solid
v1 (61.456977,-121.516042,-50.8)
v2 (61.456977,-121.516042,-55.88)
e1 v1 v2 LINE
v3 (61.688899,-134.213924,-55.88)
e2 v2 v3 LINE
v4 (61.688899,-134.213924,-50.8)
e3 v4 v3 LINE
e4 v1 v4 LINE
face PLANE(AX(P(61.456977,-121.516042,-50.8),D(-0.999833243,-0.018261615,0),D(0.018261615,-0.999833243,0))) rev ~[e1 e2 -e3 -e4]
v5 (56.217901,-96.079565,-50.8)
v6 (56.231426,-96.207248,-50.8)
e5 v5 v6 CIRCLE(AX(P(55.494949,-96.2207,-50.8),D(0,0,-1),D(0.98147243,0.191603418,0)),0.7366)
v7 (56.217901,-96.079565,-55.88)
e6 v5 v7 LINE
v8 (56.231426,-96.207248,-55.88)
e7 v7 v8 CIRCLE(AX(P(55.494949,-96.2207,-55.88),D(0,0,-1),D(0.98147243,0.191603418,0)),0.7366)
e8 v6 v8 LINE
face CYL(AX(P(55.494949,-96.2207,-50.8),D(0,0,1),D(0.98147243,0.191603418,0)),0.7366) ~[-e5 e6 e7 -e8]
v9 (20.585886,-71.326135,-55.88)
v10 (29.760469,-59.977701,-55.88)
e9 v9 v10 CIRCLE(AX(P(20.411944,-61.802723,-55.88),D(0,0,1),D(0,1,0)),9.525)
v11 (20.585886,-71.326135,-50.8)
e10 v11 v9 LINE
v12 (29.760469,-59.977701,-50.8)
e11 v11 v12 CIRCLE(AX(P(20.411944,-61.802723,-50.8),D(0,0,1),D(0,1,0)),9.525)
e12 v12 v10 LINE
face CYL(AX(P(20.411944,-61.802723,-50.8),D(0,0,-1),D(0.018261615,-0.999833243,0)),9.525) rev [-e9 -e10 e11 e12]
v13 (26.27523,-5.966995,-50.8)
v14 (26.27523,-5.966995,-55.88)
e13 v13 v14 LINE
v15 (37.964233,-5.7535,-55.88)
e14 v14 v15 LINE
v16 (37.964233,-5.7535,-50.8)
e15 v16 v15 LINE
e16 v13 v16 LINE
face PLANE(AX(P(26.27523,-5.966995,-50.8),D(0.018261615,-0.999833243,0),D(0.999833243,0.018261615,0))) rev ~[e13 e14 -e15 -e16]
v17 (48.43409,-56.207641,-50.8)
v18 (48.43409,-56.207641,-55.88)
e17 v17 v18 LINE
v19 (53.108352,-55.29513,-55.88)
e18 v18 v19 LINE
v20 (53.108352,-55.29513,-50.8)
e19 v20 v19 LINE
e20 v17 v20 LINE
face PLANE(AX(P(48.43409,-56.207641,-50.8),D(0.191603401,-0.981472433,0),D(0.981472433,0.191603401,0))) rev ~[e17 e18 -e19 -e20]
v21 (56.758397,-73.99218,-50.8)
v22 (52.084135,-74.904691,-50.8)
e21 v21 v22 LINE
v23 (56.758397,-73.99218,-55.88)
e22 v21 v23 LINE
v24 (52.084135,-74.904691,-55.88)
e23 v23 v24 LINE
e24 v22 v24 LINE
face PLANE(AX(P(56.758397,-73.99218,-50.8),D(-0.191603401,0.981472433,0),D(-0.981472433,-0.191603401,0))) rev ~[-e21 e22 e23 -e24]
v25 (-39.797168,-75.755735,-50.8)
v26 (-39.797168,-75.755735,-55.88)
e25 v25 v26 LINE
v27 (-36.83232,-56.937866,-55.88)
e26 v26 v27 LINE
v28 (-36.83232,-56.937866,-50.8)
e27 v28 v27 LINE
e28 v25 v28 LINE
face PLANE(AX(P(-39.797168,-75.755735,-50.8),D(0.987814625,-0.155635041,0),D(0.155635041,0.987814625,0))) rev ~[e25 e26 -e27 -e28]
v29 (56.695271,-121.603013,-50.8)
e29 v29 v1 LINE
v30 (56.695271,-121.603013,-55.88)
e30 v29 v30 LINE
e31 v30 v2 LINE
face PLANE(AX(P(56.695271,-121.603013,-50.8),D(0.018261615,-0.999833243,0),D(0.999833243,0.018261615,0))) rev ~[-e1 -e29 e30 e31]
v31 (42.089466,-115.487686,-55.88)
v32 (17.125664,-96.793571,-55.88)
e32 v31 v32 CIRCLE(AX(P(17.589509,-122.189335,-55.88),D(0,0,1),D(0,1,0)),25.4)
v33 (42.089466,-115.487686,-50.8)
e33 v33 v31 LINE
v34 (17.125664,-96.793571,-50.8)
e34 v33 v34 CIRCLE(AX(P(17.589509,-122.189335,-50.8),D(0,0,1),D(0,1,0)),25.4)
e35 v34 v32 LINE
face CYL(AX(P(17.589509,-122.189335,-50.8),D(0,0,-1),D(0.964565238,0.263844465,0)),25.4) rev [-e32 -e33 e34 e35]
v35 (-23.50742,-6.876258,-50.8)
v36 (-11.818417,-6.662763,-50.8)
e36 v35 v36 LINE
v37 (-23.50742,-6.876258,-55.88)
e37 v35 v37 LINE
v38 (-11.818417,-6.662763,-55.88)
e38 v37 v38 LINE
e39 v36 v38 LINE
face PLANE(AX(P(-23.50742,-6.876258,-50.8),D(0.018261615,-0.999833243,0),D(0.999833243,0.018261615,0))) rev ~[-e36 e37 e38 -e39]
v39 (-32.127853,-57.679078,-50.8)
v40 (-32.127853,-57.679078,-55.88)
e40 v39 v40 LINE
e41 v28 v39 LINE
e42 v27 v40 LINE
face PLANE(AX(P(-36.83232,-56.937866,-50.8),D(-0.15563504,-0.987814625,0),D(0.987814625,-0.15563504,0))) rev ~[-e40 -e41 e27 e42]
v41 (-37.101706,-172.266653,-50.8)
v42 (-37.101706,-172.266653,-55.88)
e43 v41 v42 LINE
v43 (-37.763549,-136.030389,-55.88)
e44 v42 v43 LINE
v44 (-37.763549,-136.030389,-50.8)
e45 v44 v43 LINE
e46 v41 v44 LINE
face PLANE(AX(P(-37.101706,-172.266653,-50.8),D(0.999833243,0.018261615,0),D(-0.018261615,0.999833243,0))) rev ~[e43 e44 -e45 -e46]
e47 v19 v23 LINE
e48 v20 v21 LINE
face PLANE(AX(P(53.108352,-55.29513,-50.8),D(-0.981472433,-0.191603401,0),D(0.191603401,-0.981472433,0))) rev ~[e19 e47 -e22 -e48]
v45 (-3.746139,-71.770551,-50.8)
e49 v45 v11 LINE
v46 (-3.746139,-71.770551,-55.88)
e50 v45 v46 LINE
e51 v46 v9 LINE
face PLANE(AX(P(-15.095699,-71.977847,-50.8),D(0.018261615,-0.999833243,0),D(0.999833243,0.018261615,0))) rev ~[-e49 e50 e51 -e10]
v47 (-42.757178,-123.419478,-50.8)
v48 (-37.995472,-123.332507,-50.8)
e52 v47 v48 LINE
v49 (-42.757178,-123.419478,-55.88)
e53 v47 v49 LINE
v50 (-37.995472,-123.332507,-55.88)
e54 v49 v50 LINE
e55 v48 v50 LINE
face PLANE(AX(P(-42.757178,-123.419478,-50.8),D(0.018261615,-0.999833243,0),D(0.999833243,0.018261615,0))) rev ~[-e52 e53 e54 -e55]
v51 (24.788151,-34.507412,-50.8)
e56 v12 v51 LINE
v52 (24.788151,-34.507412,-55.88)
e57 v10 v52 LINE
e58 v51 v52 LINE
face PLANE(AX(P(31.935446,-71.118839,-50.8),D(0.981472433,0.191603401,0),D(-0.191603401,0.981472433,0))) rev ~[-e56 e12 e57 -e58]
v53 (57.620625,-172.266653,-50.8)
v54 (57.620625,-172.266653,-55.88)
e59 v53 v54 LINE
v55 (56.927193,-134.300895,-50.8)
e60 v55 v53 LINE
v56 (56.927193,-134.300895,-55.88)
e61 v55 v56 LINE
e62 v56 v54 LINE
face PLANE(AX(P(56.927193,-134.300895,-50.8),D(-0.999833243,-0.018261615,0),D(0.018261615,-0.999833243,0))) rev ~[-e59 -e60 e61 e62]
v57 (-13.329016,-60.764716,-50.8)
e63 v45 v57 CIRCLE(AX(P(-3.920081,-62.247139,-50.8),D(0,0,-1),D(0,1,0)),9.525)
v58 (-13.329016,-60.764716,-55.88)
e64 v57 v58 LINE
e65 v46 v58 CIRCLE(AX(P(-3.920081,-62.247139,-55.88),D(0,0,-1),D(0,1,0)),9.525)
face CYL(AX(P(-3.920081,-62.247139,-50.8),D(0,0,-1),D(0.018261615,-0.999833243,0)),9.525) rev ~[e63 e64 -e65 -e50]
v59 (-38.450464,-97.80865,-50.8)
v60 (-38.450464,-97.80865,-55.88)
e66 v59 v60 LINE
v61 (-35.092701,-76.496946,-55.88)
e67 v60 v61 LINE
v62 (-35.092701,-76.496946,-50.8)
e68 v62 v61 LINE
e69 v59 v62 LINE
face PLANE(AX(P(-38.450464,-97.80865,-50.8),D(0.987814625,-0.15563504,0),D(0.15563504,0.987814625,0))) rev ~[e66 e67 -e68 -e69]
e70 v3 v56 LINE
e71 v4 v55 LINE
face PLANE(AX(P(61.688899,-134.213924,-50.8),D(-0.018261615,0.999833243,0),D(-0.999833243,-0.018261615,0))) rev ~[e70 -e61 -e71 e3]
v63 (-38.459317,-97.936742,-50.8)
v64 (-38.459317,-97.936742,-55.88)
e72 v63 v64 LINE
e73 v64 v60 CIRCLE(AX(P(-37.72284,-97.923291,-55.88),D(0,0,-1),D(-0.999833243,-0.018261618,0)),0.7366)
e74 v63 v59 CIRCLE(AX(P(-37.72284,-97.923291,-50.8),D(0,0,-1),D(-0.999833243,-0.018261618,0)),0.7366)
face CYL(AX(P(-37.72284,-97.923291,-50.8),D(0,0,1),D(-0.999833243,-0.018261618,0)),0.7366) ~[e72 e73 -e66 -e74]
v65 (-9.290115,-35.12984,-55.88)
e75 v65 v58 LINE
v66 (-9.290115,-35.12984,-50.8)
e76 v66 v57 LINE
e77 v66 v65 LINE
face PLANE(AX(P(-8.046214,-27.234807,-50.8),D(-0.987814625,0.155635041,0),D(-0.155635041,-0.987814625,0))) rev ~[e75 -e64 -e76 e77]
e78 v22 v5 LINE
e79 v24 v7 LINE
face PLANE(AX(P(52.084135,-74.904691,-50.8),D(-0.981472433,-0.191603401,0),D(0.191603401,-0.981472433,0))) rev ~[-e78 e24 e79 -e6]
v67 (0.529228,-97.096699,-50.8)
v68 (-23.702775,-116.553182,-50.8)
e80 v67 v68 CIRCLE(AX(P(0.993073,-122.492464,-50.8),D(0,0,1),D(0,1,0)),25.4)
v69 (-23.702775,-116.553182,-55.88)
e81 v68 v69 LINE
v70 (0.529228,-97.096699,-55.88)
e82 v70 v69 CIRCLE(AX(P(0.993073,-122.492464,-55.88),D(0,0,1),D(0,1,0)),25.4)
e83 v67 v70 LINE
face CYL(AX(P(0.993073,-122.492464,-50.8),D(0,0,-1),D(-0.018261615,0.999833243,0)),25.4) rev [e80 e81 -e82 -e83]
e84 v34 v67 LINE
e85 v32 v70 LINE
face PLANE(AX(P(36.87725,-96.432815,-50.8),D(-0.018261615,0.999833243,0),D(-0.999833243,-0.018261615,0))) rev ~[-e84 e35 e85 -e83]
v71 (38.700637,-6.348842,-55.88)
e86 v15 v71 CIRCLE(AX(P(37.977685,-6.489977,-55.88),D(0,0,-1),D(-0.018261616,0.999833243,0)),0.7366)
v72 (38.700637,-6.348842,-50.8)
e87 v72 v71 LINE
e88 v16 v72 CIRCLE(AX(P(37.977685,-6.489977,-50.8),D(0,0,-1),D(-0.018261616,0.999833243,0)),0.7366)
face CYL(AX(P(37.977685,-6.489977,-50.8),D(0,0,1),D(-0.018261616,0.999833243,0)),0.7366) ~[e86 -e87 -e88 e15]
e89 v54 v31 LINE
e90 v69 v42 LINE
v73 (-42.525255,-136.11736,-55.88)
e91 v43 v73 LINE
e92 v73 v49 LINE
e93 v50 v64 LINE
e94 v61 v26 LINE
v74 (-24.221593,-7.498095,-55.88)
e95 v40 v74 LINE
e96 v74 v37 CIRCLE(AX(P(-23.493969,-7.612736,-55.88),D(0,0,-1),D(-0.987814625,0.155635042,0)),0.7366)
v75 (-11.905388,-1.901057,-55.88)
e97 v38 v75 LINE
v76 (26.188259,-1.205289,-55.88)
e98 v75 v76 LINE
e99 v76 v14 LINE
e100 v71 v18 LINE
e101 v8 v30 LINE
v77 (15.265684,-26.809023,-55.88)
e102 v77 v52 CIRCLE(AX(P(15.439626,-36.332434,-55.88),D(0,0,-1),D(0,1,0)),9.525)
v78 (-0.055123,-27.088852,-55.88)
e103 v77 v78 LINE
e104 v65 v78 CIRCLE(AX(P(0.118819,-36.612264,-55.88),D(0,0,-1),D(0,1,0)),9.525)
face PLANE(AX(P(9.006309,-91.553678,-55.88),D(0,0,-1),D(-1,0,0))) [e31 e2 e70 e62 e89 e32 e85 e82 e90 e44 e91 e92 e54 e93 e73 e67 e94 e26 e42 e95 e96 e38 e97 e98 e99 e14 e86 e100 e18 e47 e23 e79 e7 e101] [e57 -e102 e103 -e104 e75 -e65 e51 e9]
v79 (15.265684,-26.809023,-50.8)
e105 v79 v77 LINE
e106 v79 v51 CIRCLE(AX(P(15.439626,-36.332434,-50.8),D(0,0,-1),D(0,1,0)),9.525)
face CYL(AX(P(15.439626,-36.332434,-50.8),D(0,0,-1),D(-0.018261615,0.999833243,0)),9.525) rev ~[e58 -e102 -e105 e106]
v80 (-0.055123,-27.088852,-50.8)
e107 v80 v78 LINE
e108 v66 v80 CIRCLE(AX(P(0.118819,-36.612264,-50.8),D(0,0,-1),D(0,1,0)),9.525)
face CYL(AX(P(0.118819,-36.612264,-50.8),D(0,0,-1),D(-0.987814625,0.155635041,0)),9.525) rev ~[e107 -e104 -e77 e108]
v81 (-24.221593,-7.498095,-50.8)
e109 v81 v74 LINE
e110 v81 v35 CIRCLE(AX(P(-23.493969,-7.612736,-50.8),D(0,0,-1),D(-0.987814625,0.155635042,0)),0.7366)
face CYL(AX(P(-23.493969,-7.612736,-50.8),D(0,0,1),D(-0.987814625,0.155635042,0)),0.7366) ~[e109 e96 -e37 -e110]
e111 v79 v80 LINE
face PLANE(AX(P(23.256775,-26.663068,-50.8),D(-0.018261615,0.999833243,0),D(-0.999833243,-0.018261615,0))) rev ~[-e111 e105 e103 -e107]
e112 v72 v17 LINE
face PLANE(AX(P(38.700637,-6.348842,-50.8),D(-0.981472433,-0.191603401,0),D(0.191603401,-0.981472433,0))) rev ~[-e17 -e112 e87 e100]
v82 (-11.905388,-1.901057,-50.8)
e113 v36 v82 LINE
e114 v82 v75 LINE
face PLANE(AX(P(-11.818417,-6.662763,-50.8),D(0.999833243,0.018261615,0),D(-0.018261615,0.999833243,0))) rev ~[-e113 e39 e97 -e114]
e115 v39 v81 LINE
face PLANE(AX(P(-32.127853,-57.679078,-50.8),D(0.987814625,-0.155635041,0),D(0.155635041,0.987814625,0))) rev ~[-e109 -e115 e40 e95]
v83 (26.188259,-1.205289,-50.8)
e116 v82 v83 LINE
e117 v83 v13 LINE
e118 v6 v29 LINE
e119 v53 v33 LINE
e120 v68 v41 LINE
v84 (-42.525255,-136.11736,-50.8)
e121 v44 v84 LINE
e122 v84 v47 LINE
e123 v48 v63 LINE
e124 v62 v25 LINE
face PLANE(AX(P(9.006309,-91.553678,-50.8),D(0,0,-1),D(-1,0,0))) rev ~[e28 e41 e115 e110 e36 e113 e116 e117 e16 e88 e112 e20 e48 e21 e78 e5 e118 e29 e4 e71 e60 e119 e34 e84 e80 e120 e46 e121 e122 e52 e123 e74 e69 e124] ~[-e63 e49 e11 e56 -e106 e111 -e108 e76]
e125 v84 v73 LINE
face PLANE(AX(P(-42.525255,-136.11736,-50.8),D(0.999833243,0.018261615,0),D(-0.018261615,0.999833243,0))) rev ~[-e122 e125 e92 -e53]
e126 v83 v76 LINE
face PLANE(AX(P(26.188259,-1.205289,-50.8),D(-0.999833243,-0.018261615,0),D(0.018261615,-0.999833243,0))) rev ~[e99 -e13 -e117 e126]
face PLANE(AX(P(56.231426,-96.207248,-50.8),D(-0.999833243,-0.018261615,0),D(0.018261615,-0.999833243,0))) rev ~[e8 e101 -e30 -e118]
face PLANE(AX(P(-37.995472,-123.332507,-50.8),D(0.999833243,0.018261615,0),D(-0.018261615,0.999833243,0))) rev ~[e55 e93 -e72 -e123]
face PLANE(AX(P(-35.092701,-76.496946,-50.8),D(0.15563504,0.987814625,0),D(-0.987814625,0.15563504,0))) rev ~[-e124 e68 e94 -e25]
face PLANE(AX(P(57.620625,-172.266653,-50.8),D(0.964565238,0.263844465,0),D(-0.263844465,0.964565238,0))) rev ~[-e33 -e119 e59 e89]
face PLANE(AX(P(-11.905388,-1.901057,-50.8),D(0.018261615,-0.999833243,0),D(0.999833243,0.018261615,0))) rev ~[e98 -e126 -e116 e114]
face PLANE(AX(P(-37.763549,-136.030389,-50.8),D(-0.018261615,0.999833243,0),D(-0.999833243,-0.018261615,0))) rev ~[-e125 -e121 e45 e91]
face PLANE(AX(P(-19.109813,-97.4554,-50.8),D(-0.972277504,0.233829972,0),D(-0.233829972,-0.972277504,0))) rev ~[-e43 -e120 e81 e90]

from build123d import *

# Parameters (mm, degrees)
BOSS_EXTRUDE2_DEPTH = 5.08
FILLET2_R           = 9.525
FILLET3_R           = 25.4


with BuildPart() as part:
    # Sketch5 → Boss-Extrude2 (new body)
    with BuildSketch(Plane(origin=(0, 0, -50.8), x_dir=(-1, 0, 0), z_dir=(0, 0, -1))):
        with BuildLine():
            Line((-52.084134713, -74.90469108), (-56.217901117, -96.079564574))
            ThreePointArc((-56.217901117, -96.079564574), (-56.227450796, -96.143111106), (-56.231425689, -96.207248133))
            Line((-56.231425689, -96.207248133), (-56.695270711, -121.603012501))
            Line((-56.695270711, -121.603012501), (-61.45697653, -121.516041559))
            Line((-61.45697653, -121.516041559), (-61.688899041, -134.213923743))
            Line((-61.688899041, -134.213923743), (-56.927193222, -134.300894684))
            Line((-56.927193222, -134.300894684), (-57.620624926, -172.266653317))
            Line((-57.620624926, -172.266653317), (-36.877249891, -96.432815008))
            Line((-36.877249891, -96.432815008), (19.109812826, -97.455399718))
            Line((19.109812826, -97.455399718), (37.101706355, -172.266653317))
            Line((37.101706355, -172.266653317), (37.763549432, -136.03038898))
            Line((37.763549432, -136.03038898), (42.525255251, -136.117359921))
            Line((42.525255251, -136.117359921), (42.757177762, -123.419477738))
            Line((42.757177762, -123.419477738), (37.995471943, -123.332506796))
            Line((37.995471943, -123.332506796), (38.459316965, -97.936742429))
            ThreePointArc((38.459316965, -97.936742429), (38.457686823, -97.872503028), (38.450464051, -97.808650153))
            Line((38.450464051, -97.808650153), (35.09270057, -76.496946406))
            Line((35.09270057, -76.496946406), (39.797167723, -75.755734526))
            Line((39.797167723, -75.755734526), (36.832320201, -56.937865912))
            Line((36.832320201, -56.937865912), (32.127853048, -57.679077792))
            Line((32.127853048, -57.679077792), (24.22159299, -7.498094822))
            ThreePointArc((24.22159299, -7.498094822), (23.977671585, -7.057207813), (23.507420242, -6.876258426))
            Line((23.507420242, -6.876258426), (11.818416858, -6.662762744))
            Line((11.818416858, -6.662762744), (11.905387799, -1.901056925))
            Line((11.905387799, -1.901056925), (-26.188258752, -1.205289392))
            Line((-26.188258752, -1.205289392), (-26.275229693, -5.966995211))
            Line((-26.275229693, -5.966995211), (-37.964233078, -5.753499529))
            ThreePointArc((-37.964233078, -5.753499529), (-38.44077853, -5.917155993), (-38.700637178, -6.348841631))
            Line((-38.700637178, -6.348841631), (-48.434089931, -56.20764123))
            Line((-48.434089931, -56.20764123), (-53.108352393, -55.295130035))
            Line((-53.108352393, -55.295130035), (-56.758397176, -73.992179884))
            Line((-56.758397176, -73.992179884), (-52.084134713, -74.90469108))
        make_face()
        Polygon((-31.935446416, -71.118839034), (-23.256774895, -26.66306829), (8.046213899, -27.234806762), (15.095699394, -71.977846959), align=None, mode=Mode.SUBTRACT)
    extrude(amount=BOSS_EXTRUDE2_DEPTH)

    # Fillet2
    fillet2_edges = [part.edges().sort_by_distance(p)[0] for p in [
        (31.935446416, -71.118839034, -53.34),
        (-15.095699394, -71.977846959, -53.34),
        (-8.046213899, -27.234806762, -53.34),
        (23.256774895, -26.66306829, -53.34),
    ]]
    fillet(fillet2_edges, radius=FILLET2_R)

    # Fillet3
    fillet3_edges = [part.edges().sort_by_distance(p)[0] for p in [
        (-19.109812826, -97.455399718, -53.34),
        (36.877249891, -96.432815008, -53.34),
    ]]
    fillet(fillet3_edges, radius=FILLET3_R)


solid = part.part
